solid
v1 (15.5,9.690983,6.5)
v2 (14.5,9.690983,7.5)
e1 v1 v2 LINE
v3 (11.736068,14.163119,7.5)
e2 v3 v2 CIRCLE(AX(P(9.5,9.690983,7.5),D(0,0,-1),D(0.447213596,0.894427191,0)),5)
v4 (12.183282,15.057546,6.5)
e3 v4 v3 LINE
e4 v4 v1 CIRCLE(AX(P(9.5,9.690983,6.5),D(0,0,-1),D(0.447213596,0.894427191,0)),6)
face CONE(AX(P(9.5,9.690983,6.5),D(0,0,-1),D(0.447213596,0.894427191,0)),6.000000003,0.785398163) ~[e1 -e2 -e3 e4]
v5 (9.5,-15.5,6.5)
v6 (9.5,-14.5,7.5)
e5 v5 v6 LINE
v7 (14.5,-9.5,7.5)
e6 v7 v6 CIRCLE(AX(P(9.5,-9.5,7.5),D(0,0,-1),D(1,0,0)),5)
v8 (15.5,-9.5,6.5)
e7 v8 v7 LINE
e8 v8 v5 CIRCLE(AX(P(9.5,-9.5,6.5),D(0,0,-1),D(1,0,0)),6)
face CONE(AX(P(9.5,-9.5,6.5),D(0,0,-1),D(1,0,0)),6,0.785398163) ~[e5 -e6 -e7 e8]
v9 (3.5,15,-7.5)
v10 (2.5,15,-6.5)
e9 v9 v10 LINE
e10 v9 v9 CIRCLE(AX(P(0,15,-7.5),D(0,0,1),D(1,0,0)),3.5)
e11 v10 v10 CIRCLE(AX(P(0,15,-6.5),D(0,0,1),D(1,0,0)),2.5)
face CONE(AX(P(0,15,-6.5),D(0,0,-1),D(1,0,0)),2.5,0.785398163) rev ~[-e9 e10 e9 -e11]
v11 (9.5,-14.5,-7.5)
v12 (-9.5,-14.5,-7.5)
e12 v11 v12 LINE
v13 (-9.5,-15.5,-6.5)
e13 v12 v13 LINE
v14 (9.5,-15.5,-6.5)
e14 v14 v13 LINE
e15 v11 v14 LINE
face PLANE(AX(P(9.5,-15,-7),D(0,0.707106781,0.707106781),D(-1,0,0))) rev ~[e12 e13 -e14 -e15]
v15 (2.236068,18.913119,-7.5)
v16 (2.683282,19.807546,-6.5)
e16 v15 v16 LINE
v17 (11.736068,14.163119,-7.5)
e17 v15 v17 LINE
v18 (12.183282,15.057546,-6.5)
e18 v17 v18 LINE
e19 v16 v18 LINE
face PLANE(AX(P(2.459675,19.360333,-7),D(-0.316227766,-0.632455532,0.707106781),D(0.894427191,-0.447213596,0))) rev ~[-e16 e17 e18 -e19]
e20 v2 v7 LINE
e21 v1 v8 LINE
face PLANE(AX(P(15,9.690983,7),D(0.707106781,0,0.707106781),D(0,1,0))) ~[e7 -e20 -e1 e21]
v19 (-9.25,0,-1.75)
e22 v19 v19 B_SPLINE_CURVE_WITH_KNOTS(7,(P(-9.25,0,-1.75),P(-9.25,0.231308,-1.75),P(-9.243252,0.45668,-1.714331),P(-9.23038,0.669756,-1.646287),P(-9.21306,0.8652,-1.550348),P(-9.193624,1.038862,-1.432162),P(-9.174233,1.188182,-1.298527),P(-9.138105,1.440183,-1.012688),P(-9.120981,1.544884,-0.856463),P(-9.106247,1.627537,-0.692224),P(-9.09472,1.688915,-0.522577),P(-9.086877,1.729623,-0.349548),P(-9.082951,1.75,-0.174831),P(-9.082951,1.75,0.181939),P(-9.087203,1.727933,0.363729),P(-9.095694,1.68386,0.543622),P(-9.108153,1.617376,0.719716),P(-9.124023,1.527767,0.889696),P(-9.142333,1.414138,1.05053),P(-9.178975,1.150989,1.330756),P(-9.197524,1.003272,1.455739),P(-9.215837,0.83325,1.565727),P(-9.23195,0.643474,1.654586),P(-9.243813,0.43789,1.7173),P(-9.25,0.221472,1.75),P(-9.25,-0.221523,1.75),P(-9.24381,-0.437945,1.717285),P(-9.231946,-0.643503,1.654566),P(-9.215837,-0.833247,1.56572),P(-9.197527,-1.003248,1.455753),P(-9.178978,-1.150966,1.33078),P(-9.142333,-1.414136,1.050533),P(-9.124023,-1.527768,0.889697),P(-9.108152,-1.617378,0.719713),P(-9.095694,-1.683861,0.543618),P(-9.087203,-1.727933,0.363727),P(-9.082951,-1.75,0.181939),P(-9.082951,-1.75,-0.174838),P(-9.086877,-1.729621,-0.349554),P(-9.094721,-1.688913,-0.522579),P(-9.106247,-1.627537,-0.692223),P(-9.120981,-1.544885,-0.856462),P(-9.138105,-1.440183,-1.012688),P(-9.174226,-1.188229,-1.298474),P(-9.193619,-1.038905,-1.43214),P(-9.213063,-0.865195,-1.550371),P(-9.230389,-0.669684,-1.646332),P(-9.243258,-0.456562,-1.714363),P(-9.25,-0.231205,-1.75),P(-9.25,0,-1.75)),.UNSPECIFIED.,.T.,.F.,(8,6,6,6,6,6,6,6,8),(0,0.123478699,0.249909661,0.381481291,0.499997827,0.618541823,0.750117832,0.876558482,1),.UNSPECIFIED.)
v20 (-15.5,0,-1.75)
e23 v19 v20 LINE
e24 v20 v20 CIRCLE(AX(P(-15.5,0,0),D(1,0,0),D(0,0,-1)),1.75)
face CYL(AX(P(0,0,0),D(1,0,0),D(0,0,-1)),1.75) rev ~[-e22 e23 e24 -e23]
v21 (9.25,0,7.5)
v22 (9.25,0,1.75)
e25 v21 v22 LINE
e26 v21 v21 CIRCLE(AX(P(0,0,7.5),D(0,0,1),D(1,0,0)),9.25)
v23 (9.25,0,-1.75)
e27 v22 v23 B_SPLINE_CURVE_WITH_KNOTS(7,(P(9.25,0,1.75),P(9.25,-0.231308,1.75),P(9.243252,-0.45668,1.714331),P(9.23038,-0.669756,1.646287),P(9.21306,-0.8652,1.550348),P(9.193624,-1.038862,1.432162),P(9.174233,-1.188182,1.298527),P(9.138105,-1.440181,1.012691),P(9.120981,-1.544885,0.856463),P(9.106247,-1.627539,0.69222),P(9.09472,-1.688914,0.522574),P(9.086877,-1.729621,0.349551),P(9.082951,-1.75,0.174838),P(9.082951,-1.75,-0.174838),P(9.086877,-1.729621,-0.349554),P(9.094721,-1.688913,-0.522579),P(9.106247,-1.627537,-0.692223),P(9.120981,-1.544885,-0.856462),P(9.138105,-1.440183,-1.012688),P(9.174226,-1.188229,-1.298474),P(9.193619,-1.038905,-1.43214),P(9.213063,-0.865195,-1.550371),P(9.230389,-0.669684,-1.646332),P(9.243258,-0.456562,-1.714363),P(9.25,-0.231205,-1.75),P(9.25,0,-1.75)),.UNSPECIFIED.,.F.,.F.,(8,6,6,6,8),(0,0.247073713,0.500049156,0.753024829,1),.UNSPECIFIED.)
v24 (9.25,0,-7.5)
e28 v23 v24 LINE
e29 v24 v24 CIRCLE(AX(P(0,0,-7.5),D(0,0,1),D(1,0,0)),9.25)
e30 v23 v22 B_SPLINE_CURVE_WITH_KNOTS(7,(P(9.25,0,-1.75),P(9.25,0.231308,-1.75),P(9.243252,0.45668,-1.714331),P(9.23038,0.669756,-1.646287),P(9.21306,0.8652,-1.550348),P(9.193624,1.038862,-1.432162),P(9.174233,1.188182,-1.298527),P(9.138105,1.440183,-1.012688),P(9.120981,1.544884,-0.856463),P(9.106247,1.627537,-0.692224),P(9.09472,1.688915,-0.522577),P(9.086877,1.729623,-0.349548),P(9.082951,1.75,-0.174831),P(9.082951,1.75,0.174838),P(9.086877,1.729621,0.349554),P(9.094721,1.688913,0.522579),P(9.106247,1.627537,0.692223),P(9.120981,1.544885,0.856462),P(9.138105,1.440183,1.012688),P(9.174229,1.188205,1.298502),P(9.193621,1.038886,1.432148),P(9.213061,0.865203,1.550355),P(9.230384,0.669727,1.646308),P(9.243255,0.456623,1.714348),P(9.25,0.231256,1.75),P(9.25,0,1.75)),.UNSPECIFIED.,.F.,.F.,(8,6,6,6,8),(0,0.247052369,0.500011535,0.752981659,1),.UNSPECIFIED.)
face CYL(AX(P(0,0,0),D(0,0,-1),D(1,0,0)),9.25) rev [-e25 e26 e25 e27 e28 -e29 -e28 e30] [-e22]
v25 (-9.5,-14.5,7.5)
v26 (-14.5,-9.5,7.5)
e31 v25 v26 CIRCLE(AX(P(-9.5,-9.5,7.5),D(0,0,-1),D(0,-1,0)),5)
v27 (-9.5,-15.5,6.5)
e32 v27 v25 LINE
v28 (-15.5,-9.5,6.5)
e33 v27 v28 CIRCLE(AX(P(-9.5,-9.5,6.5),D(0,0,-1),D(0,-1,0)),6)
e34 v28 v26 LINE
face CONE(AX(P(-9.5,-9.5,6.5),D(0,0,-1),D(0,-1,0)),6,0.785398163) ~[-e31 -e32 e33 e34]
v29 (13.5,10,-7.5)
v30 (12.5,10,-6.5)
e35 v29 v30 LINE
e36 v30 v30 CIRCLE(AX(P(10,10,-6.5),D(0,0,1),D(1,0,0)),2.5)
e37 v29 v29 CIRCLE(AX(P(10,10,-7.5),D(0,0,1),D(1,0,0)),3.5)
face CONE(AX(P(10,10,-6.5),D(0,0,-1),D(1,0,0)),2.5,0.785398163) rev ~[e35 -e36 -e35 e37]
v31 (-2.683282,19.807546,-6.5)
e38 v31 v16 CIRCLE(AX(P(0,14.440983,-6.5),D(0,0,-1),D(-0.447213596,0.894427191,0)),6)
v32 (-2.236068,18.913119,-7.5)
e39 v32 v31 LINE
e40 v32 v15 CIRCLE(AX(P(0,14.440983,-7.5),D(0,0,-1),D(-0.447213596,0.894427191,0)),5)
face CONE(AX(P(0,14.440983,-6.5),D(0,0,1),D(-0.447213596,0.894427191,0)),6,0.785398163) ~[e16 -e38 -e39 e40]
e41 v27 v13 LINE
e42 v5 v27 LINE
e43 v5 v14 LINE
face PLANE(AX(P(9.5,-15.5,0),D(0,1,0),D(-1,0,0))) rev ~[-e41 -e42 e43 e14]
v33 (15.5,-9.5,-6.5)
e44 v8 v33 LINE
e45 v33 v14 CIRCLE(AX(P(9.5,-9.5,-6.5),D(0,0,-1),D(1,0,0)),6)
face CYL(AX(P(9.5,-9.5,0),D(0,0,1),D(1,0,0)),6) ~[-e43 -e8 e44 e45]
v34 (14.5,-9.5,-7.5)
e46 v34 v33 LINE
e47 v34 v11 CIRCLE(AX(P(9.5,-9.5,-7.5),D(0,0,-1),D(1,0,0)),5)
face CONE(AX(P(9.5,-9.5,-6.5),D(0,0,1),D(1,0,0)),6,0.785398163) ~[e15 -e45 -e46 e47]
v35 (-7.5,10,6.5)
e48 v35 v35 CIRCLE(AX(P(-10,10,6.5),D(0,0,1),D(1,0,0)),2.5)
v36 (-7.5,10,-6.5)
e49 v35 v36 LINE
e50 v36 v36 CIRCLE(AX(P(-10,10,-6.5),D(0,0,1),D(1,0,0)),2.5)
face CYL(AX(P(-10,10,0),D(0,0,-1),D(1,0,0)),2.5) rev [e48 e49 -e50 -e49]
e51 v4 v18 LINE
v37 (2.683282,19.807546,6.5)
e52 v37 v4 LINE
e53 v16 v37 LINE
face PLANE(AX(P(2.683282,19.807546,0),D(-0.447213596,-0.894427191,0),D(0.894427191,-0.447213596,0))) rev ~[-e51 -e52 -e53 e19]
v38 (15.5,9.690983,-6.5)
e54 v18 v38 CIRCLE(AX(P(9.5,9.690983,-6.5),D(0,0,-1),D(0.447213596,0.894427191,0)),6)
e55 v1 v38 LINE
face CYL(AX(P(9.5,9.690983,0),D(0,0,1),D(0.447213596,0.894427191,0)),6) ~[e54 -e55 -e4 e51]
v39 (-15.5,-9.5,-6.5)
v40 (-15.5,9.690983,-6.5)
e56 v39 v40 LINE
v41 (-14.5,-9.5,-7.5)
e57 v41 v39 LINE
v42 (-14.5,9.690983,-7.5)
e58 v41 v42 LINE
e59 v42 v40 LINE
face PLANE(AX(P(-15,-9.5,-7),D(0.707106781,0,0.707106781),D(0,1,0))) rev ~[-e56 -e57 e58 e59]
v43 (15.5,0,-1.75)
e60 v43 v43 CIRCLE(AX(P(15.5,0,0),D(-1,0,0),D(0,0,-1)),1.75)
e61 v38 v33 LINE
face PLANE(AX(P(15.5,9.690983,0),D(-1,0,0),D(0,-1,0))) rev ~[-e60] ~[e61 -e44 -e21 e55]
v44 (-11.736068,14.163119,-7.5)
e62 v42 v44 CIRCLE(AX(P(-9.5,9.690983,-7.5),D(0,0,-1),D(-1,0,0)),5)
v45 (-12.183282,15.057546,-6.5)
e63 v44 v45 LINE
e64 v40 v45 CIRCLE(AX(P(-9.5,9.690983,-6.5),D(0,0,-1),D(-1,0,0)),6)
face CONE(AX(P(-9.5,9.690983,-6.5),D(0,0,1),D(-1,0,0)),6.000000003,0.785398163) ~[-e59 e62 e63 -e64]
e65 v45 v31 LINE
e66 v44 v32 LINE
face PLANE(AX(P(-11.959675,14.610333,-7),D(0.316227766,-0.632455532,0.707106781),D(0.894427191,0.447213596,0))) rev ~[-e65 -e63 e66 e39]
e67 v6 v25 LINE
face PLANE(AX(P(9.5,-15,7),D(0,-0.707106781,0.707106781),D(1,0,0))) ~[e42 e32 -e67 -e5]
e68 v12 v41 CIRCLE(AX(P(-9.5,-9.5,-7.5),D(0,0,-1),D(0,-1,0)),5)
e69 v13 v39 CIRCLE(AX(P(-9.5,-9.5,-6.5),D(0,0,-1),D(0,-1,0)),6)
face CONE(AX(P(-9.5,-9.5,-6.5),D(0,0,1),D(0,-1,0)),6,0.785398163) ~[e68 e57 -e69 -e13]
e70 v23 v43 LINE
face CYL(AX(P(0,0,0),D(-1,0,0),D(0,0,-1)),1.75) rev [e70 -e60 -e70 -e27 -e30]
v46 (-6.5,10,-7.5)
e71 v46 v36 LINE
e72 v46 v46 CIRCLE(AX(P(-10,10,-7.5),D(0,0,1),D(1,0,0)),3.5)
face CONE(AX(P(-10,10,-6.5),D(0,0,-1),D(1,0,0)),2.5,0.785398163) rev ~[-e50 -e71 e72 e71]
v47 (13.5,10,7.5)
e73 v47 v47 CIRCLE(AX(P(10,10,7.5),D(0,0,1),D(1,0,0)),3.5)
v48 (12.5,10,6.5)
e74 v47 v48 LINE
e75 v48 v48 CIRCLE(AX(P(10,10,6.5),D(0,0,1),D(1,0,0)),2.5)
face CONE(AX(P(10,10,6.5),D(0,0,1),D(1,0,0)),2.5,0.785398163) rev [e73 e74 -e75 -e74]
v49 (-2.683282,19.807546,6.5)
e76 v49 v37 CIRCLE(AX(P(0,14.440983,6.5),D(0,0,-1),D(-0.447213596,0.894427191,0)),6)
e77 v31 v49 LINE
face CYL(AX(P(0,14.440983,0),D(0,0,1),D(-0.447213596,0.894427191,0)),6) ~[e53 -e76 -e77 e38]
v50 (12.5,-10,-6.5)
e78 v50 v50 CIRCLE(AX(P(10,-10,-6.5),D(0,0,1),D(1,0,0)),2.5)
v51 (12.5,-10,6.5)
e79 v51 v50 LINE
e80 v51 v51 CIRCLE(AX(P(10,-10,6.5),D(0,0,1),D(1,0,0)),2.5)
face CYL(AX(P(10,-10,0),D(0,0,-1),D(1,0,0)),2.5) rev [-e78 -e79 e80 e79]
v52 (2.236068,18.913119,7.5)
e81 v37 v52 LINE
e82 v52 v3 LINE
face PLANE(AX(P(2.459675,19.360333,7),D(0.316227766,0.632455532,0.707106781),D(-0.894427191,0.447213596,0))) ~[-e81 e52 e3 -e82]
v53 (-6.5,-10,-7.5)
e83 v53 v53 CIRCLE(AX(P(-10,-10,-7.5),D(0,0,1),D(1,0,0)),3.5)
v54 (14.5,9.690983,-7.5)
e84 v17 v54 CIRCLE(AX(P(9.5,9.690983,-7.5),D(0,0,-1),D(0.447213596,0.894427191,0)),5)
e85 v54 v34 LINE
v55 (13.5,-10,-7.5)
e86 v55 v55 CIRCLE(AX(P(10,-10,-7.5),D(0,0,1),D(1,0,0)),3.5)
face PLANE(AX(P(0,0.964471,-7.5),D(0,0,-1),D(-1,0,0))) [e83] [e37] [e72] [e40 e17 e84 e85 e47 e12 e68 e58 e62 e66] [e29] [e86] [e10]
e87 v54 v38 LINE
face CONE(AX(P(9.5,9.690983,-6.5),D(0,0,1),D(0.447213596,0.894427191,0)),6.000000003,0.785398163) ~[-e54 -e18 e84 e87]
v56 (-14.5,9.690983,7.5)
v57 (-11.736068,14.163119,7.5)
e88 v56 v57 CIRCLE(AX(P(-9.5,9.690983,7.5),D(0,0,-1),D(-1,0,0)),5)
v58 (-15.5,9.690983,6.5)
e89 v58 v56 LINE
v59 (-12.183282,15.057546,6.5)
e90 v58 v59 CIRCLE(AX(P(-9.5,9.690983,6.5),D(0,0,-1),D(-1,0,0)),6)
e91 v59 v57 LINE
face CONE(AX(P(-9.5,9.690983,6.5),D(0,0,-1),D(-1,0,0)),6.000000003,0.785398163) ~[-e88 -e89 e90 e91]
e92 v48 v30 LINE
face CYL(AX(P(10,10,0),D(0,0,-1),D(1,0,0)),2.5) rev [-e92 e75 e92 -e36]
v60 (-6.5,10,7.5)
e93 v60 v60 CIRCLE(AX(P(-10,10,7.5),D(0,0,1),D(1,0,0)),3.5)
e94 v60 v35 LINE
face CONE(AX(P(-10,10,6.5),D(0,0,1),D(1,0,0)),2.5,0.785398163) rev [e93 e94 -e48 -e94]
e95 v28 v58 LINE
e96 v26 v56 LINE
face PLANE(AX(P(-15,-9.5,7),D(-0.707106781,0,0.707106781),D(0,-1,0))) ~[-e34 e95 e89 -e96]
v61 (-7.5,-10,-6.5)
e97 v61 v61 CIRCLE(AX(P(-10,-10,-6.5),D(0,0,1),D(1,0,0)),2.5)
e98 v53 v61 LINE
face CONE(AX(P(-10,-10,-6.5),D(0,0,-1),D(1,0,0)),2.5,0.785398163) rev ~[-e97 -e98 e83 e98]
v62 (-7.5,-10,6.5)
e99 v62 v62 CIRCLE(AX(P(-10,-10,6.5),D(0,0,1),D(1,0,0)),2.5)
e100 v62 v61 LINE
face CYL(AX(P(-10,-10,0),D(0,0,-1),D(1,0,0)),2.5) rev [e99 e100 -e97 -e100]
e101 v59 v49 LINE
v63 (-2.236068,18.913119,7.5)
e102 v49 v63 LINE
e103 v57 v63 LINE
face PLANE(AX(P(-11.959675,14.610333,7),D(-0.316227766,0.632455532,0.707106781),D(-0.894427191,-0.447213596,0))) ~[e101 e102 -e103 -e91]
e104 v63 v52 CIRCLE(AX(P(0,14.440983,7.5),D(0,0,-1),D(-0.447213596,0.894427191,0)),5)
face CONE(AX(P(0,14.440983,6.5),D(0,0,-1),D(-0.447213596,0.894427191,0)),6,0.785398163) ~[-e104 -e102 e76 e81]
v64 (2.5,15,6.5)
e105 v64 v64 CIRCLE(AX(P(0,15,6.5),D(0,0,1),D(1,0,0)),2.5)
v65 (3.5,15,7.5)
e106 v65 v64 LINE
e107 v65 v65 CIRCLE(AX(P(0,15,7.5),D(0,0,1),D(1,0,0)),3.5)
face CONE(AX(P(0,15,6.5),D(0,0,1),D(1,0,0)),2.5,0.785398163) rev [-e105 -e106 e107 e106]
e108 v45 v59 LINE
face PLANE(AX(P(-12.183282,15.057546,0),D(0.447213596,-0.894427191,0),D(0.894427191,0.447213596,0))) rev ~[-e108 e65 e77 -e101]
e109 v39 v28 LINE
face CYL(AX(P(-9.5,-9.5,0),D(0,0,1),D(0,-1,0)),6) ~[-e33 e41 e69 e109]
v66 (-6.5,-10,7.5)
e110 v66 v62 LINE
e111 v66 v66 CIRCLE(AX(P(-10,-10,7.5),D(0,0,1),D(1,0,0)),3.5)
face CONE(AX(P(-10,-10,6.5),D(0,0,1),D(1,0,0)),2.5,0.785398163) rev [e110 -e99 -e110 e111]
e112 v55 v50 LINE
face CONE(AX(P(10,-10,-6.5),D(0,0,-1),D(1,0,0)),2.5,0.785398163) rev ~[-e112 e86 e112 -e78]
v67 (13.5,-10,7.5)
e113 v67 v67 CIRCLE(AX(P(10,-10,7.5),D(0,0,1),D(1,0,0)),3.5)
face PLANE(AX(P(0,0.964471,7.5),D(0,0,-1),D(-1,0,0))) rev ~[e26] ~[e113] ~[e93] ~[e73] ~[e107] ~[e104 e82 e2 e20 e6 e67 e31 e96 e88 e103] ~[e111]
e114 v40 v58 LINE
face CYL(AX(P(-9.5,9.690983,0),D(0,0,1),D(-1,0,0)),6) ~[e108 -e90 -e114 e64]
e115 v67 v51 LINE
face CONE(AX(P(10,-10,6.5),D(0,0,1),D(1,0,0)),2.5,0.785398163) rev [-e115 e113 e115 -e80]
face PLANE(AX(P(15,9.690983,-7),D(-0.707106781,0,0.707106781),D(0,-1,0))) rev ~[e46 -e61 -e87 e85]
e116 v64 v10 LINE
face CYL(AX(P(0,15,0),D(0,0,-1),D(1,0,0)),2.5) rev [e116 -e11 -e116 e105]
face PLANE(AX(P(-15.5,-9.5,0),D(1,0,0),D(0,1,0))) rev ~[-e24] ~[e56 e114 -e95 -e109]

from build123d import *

# Parameters (mm, degrees)
SKETCH_1_R               = 9.25
SKETCH_1_R_2             = 2.5
EXTRUDE_1_DEPTH          = 7.5
SKETCH_3_R               = 1.75
CUT_EXTRUDE_1_DEPTH      = 16.5
CUT_EXTRUDE_1_DEPTH_BACK = 16.5
CHAMFER_1_SIZE           = 1
CHAMFER_2_SIZE           = 1


with BuildPart() as part:
    # ｽｹｯﾁ1 → ﾎﾞｽ - 押し出し1 (new body, symmetric)
    with BuildSketch(Plane.XY):
        with BuildLine():
            Line((2.683281573, 19.807546152), (12.183281573, 15.057546152))
            ThreePointArc((12.183281573, 15.057546152), (14.60390485, 12.845369678), (15.5, 9.690983006))
            Line((15.5, 9.690983006), (15.5, -9.5))
            ThreePointArc((15.5, -9.5), (13.742640687, -13.742640687), (9.5, -15.5))
            Line((9.5, -15.5), (-9.5, -15.5))
            ThreePointArc((-9.5, -15.5), (-13.742640687, -13.742640687), (-15.5, -9.5))
            Line((-15.5, -9.5), (-15.5, 9.690983006))
            ThreePointArc((-15.5, 9.690983006), (-14.60390485, 12.845369678), (-12.183281573, 15.057546152))
            Line((-12.183281573, 15.057546152), (-2.683281573, 19.807546152))
            ThreePointArc((-2.683281573, 19.807546152), (0, 20.440983006), (2.683281573, 19.807546152))
        make_face()
        Circle(SKETCH_1_R, mode=Mode.SUBTRACT)
        with Locations((-10, -10)):
            Circle(SKETCH_1_R_2, mode=Mode.SUBTRACT)
        with Locations((-10, 10)):
            Circle(SKETCH_1_R_2, mode=Mode.SUBTRACT)
        with Locations((10, 10)):
            Circle(SKETCH_1_R_2, mode=Mode.SUBTRACT)
        with Locations((10, -10)):
            Circle(SKETCH_1_R_2, mode=Mode.SUBTRACT)
        with Locations((0, 15)):
            Circle(SKETCH_1_R_2, mode=Mode.SUBTRACT)
    extrude(amount=EXTRUDE_1_DEPTH, both=True)

    # ｽｹｯﾁ3 → ｶｯﾄ - 押し出し1 (cut, two sides)
    with BuildSketch(Plane(origin=(0, 0, 0), x_dir=(0, 0, -1), z_dir=(1, 0, 0))) as cut_extrude_1_sk:
        Circle(SKETCH_3_R)
    extrude(amount=CUT_EXTRUDE_1_DEPTH, mode=Mode.SUBTRACT)
    extrude(cut_extrude_1_sk.sketch, amount=-CUT_EXTRUDE_1_DEPTH_BACK, mode=Mode.SUBTRACT)

    # 面取り1
    chamfer_1_edges = [part.edges().sort_by_distance(p)[0] for p in [
        (-12.5, -10, -7.5),
        (-12.5, -10, 7.5),
        (-12.5, 10, -7.5),
        (-12.5, 10, 7.5),
        (7.5, 10, -7.5),
        (7.5, 10, 7.5),
        (7.5, -10, -7.5),
        (7.5, -10, 7.5),
        (-2.5, 15, -7.5),
        (-2.5, 15, 7.5),
    ]]
    chamfer(chamfer_1_edges, length=CHAMFER_1_SIZE)

    # 面取り2
    chamfer_2_edges = [part.edges().sort_by_distance(p)[0] for p in [
        (-15.5, 0.095491503, -7.5),
        (-14.60390485, 12.845369678, -7.5),
        (-7.433281573, 17.432546152, -7.5),
        (0, 20.440983006, -7.5),
        (7.433281573, 17.432546152, -7.5),
        (14.60390485, 12.845369678, -7.5),
        (15.5, 0.095491503, -7.5),
        (13.742640687, -13.742640687, 7.5),
        (13.742640687, -13.742640687, -7.5),
        (0, -15.5, -7.5),
        (-13.742640687, -13.742640687, -7.5),
        (15.5, 0.095491503, 7.5),
        (14.60390485, 12.845369678, 7.5),
        (7.433281573, 17.432546152, 7.5),
        (0, 20.440983006, 7.5),
        (-7.433281573, 17.432546152, 7.5),
        (-14.60390485, 12.845369678, 7.5),
        (-15.5, 0.095491503, 7.5),
        (-13.742640687, -13.742640687, 7.5),
        (0, -15.5, 7.5),
    ]]
    chamfer(chamfer_2_edges, length=CHAMFER_2_SIZE)


solid = part.part
